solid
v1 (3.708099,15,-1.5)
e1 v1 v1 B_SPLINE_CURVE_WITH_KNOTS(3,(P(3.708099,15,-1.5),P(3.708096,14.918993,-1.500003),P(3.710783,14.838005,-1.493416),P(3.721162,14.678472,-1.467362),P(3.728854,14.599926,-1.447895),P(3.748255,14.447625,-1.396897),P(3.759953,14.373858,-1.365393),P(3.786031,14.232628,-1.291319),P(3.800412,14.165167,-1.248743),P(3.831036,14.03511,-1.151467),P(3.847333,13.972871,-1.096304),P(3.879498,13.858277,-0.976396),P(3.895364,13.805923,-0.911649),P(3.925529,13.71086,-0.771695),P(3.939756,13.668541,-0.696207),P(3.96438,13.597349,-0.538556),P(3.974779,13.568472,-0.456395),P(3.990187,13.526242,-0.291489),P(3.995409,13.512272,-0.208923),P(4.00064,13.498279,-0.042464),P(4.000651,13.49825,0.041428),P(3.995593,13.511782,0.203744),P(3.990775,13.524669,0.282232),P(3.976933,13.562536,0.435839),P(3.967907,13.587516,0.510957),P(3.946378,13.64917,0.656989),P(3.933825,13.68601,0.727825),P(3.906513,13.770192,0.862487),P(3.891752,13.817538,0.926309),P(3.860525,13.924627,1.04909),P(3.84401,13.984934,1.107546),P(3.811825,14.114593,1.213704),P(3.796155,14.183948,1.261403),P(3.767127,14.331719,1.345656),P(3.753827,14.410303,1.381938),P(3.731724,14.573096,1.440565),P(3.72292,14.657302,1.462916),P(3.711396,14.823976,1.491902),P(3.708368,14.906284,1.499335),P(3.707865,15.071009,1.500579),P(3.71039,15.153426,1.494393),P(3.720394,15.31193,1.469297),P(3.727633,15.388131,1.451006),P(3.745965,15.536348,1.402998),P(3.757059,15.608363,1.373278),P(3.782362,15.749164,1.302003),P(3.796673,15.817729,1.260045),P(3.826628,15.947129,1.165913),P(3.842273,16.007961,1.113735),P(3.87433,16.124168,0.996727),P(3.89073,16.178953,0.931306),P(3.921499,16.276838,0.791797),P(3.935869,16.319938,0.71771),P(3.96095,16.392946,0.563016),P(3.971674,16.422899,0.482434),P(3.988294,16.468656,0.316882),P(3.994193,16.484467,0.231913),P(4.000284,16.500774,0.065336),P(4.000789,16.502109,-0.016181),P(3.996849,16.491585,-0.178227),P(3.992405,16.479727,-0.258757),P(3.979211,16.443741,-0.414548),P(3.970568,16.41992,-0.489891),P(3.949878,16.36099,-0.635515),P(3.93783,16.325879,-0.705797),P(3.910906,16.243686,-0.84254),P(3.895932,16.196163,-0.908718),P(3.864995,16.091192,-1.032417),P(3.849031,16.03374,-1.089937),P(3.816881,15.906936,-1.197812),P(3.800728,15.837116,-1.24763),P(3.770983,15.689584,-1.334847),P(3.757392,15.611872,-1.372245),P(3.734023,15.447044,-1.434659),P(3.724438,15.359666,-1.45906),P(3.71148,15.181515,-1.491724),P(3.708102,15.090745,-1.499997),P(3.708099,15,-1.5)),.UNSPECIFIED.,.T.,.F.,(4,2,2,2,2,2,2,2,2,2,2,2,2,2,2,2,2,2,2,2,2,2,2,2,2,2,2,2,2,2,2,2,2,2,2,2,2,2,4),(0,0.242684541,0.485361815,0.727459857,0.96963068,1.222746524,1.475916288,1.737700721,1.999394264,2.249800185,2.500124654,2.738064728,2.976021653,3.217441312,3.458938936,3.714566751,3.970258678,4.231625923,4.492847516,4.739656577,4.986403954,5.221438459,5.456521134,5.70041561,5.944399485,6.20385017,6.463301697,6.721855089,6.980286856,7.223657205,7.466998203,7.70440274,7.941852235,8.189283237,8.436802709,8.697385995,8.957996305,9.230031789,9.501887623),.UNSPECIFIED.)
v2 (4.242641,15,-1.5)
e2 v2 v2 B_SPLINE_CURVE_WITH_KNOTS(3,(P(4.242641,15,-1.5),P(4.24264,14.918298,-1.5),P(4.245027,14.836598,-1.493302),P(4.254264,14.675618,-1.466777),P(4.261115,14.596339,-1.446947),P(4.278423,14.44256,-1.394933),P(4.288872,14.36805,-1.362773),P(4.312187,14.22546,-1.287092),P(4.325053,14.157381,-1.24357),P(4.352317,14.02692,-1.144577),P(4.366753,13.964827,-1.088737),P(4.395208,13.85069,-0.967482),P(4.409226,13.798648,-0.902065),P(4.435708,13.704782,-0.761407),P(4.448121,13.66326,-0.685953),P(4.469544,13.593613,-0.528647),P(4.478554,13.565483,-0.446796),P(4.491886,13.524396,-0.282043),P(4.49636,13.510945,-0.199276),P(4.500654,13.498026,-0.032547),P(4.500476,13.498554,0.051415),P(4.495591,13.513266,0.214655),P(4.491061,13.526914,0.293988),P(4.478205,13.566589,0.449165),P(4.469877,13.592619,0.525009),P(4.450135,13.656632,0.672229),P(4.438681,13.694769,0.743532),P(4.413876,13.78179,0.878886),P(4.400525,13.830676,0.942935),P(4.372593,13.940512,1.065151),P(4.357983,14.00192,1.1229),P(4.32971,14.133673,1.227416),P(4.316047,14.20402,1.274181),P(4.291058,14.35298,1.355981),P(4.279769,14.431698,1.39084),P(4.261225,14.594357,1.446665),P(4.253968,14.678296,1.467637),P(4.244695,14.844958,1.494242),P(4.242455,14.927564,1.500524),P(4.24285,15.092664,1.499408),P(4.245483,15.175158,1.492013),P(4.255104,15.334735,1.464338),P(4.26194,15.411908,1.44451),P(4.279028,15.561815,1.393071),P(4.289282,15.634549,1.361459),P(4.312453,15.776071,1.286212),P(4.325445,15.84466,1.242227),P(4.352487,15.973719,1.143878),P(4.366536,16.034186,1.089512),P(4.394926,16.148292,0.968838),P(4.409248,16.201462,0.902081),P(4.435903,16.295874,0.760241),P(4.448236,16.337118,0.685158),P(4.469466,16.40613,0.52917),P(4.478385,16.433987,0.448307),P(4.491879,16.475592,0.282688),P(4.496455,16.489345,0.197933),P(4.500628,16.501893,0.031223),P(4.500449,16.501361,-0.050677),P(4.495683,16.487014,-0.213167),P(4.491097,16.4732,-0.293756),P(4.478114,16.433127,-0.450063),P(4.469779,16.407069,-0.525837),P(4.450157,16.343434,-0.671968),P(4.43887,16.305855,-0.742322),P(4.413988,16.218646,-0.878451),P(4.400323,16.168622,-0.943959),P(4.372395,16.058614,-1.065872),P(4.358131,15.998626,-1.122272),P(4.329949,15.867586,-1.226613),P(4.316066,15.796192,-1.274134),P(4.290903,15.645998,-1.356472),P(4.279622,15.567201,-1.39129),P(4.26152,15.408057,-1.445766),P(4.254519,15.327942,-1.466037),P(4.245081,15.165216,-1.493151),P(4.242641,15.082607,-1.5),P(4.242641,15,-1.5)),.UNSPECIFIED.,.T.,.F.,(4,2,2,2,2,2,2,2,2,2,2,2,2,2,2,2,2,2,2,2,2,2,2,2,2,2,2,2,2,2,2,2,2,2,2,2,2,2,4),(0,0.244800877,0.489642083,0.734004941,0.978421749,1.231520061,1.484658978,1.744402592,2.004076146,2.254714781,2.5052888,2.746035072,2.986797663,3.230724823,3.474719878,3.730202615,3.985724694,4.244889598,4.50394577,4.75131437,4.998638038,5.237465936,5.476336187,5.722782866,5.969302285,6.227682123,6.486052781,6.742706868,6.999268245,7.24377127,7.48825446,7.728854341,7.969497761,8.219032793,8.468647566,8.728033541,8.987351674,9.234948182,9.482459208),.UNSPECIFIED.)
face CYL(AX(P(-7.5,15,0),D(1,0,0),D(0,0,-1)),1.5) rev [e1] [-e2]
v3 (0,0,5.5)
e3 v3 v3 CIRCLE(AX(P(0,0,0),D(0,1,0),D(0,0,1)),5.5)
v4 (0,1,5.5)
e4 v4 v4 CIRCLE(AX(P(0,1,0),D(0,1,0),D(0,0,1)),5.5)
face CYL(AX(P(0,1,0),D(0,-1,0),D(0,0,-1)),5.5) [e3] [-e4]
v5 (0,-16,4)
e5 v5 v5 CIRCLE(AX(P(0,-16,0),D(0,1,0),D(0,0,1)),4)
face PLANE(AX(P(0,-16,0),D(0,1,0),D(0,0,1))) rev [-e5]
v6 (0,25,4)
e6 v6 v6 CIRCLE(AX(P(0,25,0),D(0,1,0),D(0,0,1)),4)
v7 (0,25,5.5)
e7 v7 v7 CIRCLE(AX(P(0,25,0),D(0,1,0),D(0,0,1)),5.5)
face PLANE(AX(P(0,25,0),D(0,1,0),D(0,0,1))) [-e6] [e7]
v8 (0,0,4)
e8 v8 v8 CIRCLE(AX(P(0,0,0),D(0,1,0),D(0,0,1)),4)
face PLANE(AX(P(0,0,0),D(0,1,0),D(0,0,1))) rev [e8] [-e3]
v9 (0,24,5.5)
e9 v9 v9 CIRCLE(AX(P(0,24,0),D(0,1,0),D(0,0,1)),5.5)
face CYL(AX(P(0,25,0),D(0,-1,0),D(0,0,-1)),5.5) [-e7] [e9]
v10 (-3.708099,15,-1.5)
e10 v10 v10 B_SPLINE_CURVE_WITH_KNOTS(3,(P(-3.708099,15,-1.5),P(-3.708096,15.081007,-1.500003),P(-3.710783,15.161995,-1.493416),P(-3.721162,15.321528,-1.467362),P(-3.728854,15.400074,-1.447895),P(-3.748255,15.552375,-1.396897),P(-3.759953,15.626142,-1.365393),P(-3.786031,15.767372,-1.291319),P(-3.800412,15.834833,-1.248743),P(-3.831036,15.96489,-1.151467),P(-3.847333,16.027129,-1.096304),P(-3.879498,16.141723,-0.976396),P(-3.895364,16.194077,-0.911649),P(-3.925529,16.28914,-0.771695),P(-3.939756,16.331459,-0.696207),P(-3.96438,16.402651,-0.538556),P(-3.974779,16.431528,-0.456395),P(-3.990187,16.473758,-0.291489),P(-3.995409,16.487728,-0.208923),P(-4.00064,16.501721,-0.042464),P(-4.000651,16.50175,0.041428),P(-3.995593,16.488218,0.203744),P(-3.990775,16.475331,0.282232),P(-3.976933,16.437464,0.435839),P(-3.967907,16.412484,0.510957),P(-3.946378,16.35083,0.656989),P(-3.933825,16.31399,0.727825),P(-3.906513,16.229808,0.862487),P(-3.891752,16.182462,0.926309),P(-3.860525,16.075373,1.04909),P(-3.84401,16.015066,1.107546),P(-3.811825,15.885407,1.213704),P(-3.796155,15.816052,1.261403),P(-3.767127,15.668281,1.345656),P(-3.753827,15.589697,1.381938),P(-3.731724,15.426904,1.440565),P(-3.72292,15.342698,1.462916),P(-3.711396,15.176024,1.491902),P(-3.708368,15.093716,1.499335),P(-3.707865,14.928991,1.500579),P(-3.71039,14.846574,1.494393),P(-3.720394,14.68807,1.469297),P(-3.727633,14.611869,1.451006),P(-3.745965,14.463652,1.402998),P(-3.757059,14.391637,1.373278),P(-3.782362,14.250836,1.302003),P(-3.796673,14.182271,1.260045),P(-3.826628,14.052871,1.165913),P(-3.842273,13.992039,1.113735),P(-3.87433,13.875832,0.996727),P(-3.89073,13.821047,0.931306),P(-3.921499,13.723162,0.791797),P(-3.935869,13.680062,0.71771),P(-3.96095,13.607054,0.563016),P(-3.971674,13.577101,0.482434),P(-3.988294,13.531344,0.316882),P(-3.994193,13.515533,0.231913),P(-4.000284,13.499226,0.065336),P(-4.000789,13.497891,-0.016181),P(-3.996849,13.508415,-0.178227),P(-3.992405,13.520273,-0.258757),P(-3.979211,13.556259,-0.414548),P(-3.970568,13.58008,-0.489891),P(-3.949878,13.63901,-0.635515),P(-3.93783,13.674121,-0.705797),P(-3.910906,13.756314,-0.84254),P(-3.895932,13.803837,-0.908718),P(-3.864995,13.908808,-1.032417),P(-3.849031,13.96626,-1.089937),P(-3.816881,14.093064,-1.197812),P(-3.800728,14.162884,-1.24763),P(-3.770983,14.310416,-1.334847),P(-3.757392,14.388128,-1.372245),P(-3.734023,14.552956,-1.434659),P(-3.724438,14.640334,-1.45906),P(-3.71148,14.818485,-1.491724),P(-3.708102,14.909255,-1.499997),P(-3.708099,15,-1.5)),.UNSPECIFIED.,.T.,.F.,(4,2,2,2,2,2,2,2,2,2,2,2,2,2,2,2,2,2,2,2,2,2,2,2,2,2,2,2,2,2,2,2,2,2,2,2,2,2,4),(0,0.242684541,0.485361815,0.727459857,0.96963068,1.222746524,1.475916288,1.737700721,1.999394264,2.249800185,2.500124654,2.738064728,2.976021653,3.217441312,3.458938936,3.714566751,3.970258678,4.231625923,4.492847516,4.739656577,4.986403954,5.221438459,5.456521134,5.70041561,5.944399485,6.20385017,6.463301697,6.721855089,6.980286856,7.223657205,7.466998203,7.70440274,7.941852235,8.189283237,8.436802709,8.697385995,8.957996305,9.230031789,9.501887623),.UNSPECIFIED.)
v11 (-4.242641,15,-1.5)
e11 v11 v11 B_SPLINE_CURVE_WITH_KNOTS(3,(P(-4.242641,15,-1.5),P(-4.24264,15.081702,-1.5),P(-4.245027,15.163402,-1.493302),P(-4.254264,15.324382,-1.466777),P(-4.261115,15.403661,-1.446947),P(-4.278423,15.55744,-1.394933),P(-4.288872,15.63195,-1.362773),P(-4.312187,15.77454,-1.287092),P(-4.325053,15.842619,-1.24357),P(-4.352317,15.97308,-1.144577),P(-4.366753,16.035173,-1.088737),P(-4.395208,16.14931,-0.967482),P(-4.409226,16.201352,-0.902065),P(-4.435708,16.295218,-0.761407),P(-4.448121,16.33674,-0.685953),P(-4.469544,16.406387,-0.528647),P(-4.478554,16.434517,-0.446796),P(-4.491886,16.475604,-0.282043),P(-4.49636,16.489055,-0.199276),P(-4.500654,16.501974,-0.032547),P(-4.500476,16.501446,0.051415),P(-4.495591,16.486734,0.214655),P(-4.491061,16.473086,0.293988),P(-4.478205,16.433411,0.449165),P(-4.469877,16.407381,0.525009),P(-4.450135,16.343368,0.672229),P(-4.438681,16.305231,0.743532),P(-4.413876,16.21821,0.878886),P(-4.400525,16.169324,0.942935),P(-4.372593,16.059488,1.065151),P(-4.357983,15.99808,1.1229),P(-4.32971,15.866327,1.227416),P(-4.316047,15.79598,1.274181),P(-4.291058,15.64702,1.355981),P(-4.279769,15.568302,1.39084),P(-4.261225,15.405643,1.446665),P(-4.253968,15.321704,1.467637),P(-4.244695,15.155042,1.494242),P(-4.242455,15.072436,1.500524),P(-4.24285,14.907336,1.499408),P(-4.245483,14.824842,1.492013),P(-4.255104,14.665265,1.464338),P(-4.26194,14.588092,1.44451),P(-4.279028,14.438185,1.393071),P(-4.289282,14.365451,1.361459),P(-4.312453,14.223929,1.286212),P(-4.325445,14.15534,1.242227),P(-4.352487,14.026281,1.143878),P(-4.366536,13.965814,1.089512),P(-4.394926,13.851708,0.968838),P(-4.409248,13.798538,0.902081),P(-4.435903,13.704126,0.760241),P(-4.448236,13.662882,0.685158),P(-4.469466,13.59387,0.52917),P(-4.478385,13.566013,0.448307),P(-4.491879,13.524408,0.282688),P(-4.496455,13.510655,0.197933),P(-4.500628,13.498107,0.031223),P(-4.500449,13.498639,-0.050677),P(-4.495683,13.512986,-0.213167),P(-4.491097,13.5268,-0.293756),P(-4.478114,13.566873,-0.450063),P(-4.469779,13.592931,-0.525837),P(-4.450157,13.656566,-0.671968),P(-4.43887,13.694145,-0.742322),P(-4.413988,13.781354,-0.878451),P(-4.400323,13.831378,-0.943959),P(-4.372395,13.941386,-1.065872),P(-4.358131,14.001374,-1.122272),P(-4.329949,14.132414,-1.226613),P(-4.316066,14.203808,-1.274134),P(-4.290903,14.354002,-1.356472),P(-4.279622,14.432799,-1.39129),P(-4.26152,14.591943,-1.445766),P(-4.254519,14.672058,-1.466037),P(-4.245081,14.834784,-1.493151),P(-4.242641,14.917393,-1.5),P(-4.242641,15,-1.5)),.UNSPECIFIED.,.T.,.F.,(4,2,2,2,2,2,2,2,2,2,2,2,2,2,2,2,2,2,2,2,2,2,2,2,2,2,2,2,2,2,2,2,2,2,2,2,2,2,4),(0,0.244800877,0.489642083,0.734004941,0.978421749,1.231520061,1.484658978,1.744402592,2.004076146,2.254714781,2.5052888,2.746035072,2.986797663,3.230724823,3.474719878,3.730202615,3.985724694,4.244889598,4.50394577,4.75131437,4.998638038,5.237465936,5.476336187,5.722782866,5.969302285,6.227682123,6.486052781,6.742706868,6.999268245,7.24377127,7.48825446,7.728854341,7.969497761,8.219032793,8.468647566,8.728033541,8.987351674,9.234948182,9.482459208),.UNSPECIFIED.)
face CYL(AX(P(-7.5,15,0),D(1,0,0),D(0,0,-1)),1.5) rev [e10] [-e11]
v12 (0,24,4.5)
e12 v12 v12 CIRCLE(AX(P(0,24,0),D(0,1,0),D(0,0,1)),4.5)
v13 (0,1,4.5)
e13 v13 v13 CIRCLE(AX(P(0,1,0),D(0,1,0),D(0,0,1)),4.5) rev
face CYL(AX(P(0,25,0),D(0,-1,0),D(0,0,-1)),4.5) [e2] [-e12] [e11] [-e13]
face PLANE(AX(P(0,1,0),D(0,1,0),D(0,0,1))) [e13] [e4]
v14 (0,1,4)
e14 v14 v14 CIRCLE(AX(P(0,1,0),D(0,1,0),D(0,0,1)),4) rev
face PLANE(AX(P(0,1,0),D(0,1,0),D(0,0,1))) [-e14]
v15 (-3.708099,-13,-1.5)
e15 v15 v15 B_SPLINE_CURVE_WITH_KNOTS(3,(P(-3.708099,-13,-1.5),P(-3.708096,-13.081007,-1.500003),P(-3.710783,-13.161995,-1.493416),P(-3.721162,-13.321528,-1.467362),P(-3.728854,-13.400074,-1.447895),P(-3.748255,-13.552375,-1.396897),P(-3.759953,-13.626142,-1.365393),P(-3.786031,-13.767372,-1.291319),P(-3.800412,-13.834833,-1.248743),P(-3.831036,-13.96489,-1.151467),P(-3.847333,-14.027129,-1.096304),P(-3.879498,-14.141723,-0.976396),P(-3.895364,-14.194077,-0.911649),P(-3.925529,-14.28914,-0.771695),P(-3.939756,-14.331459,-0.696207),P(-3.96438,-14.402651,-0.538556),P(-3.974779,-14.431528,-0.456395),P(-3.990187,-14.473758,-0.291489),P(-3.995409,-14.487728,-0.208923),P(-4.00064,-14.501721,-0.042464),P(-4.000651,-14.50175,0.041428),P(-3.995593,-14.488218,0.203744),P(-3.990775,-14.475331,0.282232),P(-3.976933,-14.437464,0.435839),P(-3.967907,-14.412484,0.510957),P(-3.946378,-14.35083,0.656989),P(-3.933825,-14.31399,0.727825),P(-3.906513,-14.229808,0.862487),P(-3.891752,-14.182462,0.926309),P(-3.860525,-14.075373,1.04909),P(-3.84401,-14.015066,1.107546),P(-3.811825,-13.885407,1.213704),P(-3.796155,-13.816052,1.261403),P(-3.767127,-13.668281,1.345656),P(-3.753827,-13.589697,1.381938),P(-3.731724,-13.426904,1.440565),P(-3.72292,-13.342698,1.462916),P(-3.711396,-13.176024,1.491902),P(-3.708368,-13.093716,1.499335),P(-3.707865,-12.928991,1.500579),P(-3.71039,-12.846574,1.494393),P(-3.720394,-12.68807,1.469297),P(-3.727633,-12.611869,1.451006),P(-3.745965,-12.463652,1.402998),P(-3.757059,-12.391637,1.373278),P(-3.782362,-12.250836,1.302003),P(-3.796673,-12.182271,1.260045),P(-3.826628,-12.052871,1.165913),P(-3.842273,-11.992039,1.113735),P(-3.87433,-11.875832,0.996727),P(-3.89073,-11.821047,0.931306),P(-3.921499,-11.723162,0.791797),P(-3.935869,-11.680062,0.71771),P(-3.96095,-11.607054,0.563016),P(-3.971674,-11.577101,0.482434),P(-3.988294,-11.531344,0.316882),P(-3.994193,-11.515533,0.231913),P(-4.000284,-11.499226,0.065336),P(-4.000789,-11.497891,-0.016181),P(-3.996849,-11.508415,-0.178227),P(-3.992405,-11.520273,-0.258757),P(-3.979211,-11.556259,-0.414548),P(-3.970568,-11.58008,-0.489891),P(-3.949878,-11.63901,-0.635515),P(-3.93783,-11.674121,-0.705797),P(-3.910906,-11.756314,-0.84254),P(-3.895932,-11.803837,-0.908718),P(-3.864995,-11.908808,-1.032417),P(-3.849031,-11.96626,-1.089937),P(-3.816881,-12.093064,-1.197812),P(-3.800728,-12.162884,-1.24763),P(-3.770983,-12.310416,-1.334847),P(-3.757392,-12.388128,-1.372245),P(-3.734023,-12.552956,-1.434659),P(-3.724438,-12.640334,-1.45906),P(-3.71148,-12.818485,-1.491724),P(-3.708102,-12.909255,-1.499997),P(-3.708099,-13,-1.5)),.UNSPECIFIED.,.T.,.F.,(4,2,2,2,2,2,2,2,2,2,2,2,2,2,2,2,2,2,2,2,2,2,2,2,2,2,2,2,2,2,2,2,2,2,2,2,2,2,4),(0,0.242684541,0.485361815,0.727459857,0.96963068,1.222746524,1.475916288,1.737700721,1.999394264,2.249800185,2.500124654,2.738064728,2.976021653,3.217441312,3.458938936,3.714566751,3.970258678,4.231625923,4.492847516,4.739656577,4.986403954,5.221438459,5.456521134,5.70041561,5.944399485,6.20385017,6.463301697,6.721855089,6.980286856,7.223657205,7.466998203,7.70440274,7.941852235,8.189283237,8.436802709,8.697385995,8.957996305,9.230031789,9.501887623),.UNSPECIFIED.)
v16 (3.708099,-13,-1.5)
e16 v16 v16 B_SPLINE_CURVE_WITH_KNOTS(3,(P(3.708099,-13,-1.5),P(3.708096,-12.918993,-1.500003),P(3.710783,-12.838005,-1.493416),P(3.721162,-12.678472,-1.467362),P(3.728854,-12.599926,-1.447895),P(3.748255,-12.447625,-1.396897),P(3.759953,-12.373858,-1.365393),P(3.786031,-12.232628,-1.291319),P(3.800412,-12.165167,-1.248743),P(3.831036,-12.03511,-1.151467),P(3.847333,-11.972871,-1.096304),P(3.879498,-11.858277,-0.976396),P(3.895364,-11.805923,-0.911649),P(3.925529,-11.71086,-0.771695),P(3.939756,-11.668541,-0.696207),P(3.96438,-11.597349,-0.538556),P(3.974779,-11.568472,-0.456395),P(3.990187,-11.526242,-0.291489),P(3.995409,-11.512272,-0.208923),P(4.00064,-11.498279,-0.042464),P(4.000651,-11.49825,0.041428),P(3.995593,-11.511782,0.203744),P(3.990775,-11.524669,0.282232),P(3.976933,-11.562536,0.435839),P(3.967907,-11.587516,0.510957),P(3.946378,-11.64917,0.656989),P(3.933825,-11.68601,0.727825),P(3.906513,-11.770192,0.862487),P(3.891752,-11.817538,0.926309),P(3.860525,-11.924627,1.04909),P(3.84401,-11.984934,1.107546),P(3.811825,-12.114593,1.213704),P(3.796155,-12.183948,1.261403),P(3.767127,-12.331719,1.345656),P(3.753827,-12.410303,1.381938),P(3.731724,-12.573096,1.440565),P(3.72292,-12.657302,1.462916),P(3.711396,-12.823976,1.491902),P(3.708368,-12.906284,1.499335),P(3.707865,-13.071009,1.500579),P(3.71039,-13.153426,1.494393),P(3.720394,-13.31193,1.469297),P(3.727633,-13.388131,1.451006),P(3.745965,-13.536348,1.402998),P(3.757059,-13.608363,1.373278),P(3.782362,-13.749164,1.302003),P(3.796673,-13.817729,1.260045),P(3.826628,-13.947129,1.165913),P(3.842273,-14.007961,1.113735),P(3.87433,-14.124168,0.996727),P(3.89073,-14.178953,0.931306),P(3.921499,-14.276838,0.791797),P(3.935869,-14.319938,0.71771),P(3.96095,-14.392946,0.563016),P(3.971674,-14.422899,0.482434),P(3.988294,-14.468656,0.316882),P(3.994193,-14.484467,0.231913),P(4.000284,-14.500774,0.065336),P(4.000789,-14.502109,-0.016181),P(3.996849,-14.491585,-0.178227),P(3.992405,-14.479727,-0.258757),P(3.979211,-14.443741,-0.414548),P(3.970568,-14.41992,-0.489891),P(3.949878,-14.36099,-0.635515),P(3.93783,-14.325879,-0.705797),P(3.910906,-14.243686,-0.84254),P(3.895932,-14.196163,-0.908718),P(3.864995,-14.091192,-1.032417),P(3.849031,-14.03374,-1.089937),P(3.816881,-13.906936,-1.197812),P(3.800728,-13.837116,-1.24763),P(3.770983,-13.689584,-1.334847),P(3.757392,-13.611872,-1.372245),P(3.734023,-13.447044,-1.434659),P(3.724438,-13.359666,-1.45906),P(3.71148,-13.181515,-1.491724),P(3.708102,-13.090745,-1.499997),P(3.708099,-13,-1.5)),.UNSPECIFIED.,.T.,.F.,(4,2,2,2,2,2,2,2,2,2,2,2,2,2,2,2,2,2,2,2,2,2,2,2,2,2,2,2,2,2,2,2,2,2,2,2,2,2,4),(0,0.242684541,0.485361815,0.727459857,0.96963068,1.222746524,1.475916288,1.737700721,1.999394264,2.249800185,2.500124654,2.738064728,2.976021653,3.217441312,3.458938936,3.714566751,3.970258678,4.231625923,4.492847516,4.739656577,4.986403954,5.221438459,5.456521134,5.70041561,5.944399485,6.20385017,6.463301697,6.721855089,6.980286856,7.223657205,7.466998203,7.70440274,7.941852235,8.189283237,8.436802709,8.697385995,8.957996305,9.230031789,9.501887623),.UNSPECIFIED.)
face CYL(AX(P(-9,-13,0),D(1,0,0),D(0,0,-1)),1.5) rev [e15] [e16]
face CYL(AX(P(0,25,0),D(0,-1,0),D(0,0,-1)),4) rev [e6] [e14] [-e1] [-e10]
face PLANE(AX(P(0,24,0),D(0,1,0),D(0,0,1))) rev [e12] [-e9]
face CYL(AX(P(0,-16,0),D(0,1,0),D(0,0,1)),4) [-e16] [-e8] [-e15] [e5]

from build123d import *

# Parameters (mm, degrees)
SKETCH1_R           = 5.5
BOSS_EXTRUDE1_DEPTH = 1
SKETCH1_3_R         = 4
BOSS_EXTRUDE2_DEPTH = 16
SKETCH2_R           = 1.5
CUT_EXTRUDE1_DEPTH  = 13
BOSS_EXTRUDE3_START = 25
SKETCH1_4_R         = 4.5
SKETCH1_4_R_2       = 4
BOSS_EXTRUDE3_DEPTH = 25
BOSS_EXTRUDE4_START = 24
SKETCH1_5_R         = 5.5
SKETCH1_5_R_2       = 4.5
BOSS_EXTRUDE4_DEPTH = 1
SKETCH5_R           = 1.5
CUT_EXTRUDE2_DEPTH  = 11.5


with BuildPart() as part:
    # Sketch1 → Boss-Extrude1 (new body)
    with BuildSketch(Plane(origin=(0, 0, 0), x_dir=(1, 0, 0), z_dir=(0, 1, 0))):
        Circle(SKETCH1_R)
    extrude(amount=BOSS_EXTRUDE1_DEPTH)

    # Sketch1<3> → Boss-Extrude2 (add)
    with BuildSketch(Plane(origin=(0, 0, 0), x_dir=(1, 0, 0), z_dir=(0, 1, 0))):
        Circle(SKETCH1_3_R)
    extrude(amount=-BOSS_EXTRUDE2_DEPTH)

    # Sketch2 → Cut-Extrude1 (cut)
    with BuildSketch(Plane(origin=(4, 0, 0), x_dir=(0, 0, -1), z_dir=(1, 0, 0))):
        with Locations((0, -13)):
            Circle(SKETCH2_R)
    extrude(amount=-CUT_EXTRUDE1_DEPTH, mode=Mode.SUBTRACT)

    # Sketch1<4> → Boss-Extrude3 (add)
    with BuildSketch(Plane(origin=(0, 0, 0), x_dir=(1, 0, 0), z_dir=(0, 1, 0)).offset(BOSS_EXTRUDE3_START)):
        Circle(SKETCH1_4_R)
        Circle(SKETCH1_4_R_2, mode=Mode.SUBTRACT)
    extrude(amount=-BOSS_EXTRUDE3_DEPTH)

    # Sketch1<5> → Boss-Extrude4 (add)
    with BuildSketch(Plane(origin=(0, 0, 0), x_dir=(1, 0, 0), z_dir=(0, 1, 0)).offset(BOSS_EXTRUDE4_START)):
        Circle(SKETCH1_5_R)
        Circle(SKETCH1_5_R_2, mode=Mode.SUBTRACT)
    extrude(amount=BOSS_EXTRUDE4_DEPTH)

    # Sketch5 → Cut-Extrude2 (cut, symmetric)
    with BuildSketch(Plane(origin=(4, 0, 0), x_dir=(0, 0, -1), z_dir=(1, 0, 0))):
        with Locations((0, 15)):
            Circle(SKETCH5_R)
    extrude(amount=CUT_EXTRUDE2_DEPTH, both=True, mode=Mode.SUBTRACT)


solid = part.part
